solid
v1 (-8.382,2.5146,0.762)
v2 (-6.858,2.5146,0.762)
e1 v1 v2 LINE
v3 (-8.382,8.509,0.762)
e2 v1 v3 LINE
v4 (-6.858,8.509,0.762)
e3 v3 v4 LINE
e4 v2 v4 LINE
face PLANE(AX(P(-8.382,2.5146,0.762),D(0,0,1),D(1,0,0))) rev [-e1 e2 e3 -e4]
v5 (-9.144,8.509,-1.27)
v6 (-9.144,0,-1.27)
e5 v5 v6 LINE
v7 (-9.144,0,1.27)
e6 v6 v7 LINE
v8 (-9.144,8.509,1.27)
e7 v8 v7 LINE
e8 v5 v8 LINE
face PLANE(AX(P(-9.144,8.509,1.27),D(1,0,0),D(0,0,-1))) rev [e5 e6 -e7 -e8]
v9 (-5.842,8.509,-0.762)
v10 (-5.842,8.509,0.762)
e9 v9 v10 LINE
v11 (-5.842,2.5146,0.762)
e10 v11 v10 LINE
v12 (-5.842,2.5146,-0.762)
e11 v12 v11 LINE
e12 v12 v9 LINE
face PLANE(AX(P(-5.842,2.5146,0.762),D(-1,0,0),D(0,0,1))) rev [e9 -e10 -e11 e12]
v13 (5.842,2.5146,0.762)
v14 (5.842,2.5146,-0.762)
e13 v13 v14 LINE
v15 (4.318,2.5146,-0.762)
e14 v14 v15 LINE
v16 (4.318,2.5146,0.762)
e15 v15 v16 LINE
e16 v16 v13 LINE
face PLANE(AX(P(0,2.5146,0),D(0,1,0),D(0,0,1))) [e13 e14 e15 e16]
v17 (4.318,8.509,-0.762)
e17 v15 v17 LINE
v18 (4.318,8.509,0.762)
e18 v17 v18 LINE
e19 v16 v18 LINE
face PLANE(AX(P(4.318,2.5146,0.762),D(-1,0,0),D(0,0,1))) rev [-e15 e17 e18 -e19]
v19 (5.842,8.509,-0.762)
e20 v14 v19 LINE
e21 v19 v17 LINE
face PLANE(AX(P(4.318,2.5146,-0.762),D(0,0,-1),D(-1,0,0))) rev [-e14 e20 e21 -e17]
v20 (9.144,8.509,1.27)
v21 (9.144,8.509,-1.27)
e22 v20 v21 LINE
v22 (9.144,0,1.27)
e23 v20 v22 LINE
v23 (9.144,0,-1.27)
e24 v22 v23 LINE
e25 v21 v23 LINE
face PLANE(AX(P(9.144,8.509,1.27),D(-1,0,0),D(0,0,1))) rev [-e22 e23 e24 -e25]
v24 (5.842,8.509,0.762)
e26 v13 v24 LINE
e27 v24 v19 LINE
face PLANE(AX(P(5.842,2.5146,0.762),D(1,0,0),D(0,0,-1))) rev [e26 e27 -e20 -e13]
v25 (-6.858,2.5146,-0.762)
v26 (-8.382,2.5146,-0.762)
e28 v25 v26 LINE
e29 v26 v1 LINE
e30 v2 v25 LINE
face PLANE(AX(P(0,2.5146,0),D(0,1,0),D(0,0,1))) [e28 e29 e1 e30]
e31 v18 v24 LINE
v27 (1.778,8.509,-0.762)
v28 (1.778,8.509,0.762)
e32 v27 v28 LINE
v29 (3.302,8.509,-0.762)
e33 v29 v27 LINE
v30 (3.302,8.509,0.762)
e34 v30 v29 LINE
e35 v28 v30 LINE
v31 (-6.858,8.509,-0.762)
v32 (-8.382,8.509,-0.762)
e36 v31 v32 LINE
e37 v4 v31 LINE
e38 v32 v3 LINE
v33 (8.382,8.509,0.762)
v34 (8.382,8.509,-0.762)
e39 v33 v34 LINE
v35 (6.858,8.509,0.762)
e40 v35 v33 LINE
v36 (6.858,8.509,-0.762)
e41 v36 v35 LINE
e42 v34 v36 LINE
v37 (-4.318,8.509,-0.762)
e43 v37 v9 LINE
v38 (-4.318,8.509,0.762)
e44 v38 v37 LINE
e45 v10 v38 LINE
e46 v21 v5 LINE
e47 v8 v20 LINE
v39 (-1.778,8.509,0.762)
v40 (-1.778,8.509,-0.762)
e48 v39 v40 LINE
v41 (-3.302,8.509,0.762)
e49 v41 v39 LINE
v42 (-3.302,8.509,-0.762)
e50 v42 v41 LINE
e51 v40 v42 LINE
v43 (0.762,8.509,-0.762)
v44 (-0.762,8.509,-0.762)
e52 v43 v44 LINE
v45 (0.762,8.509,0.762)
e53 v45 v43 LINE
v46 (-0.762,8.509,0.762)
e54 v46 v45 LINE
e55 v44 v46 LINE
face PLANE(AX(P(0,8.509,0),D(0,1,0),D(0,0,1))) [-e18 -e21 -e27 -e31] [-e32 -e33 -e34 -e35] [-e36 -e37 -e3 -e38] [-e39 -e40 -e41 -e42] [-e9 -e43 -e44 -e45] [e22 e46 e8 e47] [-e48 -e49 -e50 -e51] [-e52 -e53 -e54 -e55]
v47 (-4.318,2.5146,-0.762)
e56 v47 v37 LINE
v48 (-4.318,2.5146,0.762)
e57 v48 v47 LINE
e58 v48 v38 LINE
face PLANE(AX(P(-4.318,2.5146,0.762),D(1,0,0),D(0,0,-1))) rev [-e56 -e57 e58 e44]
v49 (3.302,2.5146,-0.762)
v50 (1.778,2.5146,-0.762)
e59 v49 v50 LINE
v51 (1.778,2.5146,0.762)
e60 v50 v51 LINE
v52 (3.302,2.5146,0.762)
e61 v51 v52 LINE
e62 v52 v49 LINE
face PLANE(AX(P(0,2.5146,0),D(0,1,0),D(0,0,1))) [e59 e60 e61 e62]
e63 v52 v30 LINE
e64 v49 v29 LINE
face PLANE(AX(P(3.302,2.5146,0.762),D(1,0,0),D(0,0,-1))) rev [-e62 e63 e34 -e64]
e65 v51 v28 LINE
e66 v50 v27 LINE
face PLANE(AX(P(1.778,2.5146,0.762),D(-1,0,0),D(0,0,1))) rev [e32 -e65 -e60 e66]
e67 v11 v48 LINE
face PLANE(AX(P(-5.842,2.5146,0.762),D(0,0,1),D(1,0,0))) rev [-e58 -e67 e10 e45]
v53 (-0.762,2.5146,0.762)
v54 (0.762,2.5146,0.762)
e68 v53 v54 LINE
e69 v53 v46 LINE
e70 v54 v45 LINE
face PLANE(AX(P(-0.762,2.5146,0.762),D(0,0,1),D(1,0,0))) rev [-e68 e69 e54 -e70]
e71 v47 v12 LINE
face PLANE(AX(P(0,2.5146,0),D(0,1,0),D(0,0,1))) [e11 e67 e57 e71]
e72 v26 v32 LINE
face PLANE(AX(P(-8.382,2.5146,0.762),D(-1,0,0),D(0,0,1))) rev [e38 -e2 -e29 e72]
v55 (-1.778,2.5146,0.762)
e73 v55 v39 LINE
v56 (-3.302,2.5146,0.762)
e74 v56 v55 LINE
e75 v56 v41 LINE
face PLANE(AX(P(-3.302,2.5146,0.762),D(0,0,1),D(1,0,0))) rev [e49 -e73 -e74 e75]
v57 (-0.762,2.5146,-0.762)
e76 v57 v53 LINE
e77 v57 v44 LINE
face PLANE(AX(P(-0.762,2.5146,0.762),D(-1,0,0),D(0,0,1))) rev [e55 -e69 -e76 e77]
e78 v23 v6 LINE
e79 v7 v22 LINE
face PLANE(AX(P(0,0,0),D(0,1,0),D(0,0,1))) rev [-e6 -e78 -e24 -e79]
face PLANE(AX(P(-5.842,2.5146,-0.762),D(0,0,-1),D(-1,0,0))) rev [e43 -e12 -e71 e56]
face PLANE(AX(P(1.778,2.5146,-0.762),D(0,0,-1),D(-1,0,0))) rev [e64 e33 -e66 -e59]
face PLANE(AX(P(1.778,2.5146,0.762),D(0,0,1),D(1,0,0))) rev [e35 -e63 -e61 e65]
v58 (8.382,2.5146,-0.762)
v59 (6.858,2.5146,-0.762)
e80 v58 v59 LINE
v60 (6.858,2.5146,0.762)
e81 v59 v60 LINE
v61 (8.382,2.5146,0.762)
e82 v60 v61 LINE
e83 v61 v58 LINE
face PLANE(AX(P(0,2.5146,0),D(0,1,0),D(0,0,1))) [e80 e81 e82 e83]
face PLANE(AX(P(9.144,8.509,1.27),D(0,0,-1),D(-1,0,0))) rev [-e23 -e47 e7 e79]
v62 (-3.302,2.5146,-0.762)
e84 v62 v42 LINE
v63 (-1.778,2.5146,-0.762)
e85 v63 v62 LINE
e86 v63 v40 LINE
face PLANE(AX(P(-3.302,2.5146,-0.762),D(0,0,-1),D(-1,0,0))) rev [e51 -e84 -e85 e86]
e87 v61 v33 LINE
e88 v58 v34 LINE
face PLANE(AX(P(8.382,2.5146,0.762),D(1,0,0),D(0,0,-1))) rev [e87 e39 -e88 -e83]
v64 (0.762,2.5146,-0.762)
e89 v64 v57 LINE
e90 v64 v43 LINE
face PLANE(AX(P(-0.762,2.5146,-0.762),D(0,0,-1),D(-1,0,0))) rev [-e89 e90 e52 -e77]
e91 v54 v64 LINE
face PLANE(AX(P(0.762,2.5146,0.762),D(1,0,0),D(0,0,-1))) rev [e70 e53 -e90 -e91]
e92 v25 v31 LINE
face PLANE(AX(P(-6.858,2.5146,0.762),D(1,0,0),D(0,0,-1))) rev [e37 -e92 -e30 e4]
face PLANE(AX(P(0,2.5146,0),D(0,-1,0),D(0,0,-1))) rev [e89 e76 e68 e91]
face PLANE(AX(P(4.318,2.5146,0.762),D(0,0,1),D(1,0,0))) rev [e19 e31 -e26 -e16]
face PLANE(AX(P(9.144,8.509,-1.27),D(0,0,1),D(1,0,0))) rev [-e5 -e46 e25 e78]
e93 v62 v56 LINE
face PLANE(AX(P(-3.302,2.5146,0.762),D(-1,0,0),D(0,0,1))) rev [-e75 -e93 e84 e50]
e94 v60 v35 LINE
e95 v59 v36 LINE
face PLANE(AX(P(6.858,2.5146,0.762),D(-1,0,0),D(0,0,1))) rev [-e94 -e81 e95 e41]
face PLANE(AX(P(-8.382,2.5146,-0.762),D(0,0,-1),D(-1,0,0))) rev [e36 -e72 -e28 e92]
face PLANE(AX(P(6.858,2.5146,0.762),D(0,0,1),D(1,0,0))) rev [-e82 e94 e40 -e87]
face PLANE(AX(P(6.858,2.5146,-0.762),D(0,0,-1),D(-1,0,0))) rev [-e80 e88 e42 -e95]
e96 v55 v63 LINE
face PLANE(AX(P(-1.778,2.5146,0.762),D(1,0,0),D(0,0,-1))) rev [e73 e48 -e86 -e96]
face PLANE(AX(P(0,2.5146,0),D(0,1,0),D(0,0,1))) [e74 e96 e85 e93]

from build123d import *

# Parameters (mm, degrees)
SKETCH1_W           = 18.288
SKETCH1_H           = 2.54
BOSS_EXTRUDE1_DEPTH = 8.509
SKETCH2_W           = 1.524
SKETCH2_H           = 1.524
CUT_EXTRUDE1_DEPTH  = 5.9944


with BuildPart() as part:
    # Sketch1 → Boss-Extrude1 (new body)
    with BuildSketch(Plane(origin=(0, 0, 0), x_dir=(1, 0, 0), z_dir=(0, 1, 0))):
        Rectangle(SKETCH1_W, SKETCH1_H)
    extrude(amount=BOSS_EXTRUDE1_DEPTH)

    # Sketch2 → Cut-Extrude1 (cut)
    with BuildSketch(Plane(origin=(0, 8.509, 0), x_dir=(1, 0, 0), z_dir=(0, 1, 0))):
        with Locations((2.54, 0)):
            Rectangle(SKETCH2_W, SKETCH2_H)
        Rectangle(SKETCH2_W, SKETCH2_H)
        with Locations((5.08, 0)):
            Rectangle(SKETCH2_W, SKETCH2_H)
        with Locations((7.62, 0)):
            Rectangle(SKETCH2_W, SKETCH2_H)
        with Locations((-2.54, 0)):
            Rectangle(SKETCH2_W, SKETCH2_H)
        with Locations((-5.08, 0)):
            Rectangle(SKETCH2_W, SKETCH2_H)
        with Locations((-7.62, 0)):
            Rectangle(SKETCH2_W, SKETCH2_H)
    extrude(amount=-CUT_EXTRUDE1_DEPTH, mode=Mode.SUBTRACT)


solid = part.part
